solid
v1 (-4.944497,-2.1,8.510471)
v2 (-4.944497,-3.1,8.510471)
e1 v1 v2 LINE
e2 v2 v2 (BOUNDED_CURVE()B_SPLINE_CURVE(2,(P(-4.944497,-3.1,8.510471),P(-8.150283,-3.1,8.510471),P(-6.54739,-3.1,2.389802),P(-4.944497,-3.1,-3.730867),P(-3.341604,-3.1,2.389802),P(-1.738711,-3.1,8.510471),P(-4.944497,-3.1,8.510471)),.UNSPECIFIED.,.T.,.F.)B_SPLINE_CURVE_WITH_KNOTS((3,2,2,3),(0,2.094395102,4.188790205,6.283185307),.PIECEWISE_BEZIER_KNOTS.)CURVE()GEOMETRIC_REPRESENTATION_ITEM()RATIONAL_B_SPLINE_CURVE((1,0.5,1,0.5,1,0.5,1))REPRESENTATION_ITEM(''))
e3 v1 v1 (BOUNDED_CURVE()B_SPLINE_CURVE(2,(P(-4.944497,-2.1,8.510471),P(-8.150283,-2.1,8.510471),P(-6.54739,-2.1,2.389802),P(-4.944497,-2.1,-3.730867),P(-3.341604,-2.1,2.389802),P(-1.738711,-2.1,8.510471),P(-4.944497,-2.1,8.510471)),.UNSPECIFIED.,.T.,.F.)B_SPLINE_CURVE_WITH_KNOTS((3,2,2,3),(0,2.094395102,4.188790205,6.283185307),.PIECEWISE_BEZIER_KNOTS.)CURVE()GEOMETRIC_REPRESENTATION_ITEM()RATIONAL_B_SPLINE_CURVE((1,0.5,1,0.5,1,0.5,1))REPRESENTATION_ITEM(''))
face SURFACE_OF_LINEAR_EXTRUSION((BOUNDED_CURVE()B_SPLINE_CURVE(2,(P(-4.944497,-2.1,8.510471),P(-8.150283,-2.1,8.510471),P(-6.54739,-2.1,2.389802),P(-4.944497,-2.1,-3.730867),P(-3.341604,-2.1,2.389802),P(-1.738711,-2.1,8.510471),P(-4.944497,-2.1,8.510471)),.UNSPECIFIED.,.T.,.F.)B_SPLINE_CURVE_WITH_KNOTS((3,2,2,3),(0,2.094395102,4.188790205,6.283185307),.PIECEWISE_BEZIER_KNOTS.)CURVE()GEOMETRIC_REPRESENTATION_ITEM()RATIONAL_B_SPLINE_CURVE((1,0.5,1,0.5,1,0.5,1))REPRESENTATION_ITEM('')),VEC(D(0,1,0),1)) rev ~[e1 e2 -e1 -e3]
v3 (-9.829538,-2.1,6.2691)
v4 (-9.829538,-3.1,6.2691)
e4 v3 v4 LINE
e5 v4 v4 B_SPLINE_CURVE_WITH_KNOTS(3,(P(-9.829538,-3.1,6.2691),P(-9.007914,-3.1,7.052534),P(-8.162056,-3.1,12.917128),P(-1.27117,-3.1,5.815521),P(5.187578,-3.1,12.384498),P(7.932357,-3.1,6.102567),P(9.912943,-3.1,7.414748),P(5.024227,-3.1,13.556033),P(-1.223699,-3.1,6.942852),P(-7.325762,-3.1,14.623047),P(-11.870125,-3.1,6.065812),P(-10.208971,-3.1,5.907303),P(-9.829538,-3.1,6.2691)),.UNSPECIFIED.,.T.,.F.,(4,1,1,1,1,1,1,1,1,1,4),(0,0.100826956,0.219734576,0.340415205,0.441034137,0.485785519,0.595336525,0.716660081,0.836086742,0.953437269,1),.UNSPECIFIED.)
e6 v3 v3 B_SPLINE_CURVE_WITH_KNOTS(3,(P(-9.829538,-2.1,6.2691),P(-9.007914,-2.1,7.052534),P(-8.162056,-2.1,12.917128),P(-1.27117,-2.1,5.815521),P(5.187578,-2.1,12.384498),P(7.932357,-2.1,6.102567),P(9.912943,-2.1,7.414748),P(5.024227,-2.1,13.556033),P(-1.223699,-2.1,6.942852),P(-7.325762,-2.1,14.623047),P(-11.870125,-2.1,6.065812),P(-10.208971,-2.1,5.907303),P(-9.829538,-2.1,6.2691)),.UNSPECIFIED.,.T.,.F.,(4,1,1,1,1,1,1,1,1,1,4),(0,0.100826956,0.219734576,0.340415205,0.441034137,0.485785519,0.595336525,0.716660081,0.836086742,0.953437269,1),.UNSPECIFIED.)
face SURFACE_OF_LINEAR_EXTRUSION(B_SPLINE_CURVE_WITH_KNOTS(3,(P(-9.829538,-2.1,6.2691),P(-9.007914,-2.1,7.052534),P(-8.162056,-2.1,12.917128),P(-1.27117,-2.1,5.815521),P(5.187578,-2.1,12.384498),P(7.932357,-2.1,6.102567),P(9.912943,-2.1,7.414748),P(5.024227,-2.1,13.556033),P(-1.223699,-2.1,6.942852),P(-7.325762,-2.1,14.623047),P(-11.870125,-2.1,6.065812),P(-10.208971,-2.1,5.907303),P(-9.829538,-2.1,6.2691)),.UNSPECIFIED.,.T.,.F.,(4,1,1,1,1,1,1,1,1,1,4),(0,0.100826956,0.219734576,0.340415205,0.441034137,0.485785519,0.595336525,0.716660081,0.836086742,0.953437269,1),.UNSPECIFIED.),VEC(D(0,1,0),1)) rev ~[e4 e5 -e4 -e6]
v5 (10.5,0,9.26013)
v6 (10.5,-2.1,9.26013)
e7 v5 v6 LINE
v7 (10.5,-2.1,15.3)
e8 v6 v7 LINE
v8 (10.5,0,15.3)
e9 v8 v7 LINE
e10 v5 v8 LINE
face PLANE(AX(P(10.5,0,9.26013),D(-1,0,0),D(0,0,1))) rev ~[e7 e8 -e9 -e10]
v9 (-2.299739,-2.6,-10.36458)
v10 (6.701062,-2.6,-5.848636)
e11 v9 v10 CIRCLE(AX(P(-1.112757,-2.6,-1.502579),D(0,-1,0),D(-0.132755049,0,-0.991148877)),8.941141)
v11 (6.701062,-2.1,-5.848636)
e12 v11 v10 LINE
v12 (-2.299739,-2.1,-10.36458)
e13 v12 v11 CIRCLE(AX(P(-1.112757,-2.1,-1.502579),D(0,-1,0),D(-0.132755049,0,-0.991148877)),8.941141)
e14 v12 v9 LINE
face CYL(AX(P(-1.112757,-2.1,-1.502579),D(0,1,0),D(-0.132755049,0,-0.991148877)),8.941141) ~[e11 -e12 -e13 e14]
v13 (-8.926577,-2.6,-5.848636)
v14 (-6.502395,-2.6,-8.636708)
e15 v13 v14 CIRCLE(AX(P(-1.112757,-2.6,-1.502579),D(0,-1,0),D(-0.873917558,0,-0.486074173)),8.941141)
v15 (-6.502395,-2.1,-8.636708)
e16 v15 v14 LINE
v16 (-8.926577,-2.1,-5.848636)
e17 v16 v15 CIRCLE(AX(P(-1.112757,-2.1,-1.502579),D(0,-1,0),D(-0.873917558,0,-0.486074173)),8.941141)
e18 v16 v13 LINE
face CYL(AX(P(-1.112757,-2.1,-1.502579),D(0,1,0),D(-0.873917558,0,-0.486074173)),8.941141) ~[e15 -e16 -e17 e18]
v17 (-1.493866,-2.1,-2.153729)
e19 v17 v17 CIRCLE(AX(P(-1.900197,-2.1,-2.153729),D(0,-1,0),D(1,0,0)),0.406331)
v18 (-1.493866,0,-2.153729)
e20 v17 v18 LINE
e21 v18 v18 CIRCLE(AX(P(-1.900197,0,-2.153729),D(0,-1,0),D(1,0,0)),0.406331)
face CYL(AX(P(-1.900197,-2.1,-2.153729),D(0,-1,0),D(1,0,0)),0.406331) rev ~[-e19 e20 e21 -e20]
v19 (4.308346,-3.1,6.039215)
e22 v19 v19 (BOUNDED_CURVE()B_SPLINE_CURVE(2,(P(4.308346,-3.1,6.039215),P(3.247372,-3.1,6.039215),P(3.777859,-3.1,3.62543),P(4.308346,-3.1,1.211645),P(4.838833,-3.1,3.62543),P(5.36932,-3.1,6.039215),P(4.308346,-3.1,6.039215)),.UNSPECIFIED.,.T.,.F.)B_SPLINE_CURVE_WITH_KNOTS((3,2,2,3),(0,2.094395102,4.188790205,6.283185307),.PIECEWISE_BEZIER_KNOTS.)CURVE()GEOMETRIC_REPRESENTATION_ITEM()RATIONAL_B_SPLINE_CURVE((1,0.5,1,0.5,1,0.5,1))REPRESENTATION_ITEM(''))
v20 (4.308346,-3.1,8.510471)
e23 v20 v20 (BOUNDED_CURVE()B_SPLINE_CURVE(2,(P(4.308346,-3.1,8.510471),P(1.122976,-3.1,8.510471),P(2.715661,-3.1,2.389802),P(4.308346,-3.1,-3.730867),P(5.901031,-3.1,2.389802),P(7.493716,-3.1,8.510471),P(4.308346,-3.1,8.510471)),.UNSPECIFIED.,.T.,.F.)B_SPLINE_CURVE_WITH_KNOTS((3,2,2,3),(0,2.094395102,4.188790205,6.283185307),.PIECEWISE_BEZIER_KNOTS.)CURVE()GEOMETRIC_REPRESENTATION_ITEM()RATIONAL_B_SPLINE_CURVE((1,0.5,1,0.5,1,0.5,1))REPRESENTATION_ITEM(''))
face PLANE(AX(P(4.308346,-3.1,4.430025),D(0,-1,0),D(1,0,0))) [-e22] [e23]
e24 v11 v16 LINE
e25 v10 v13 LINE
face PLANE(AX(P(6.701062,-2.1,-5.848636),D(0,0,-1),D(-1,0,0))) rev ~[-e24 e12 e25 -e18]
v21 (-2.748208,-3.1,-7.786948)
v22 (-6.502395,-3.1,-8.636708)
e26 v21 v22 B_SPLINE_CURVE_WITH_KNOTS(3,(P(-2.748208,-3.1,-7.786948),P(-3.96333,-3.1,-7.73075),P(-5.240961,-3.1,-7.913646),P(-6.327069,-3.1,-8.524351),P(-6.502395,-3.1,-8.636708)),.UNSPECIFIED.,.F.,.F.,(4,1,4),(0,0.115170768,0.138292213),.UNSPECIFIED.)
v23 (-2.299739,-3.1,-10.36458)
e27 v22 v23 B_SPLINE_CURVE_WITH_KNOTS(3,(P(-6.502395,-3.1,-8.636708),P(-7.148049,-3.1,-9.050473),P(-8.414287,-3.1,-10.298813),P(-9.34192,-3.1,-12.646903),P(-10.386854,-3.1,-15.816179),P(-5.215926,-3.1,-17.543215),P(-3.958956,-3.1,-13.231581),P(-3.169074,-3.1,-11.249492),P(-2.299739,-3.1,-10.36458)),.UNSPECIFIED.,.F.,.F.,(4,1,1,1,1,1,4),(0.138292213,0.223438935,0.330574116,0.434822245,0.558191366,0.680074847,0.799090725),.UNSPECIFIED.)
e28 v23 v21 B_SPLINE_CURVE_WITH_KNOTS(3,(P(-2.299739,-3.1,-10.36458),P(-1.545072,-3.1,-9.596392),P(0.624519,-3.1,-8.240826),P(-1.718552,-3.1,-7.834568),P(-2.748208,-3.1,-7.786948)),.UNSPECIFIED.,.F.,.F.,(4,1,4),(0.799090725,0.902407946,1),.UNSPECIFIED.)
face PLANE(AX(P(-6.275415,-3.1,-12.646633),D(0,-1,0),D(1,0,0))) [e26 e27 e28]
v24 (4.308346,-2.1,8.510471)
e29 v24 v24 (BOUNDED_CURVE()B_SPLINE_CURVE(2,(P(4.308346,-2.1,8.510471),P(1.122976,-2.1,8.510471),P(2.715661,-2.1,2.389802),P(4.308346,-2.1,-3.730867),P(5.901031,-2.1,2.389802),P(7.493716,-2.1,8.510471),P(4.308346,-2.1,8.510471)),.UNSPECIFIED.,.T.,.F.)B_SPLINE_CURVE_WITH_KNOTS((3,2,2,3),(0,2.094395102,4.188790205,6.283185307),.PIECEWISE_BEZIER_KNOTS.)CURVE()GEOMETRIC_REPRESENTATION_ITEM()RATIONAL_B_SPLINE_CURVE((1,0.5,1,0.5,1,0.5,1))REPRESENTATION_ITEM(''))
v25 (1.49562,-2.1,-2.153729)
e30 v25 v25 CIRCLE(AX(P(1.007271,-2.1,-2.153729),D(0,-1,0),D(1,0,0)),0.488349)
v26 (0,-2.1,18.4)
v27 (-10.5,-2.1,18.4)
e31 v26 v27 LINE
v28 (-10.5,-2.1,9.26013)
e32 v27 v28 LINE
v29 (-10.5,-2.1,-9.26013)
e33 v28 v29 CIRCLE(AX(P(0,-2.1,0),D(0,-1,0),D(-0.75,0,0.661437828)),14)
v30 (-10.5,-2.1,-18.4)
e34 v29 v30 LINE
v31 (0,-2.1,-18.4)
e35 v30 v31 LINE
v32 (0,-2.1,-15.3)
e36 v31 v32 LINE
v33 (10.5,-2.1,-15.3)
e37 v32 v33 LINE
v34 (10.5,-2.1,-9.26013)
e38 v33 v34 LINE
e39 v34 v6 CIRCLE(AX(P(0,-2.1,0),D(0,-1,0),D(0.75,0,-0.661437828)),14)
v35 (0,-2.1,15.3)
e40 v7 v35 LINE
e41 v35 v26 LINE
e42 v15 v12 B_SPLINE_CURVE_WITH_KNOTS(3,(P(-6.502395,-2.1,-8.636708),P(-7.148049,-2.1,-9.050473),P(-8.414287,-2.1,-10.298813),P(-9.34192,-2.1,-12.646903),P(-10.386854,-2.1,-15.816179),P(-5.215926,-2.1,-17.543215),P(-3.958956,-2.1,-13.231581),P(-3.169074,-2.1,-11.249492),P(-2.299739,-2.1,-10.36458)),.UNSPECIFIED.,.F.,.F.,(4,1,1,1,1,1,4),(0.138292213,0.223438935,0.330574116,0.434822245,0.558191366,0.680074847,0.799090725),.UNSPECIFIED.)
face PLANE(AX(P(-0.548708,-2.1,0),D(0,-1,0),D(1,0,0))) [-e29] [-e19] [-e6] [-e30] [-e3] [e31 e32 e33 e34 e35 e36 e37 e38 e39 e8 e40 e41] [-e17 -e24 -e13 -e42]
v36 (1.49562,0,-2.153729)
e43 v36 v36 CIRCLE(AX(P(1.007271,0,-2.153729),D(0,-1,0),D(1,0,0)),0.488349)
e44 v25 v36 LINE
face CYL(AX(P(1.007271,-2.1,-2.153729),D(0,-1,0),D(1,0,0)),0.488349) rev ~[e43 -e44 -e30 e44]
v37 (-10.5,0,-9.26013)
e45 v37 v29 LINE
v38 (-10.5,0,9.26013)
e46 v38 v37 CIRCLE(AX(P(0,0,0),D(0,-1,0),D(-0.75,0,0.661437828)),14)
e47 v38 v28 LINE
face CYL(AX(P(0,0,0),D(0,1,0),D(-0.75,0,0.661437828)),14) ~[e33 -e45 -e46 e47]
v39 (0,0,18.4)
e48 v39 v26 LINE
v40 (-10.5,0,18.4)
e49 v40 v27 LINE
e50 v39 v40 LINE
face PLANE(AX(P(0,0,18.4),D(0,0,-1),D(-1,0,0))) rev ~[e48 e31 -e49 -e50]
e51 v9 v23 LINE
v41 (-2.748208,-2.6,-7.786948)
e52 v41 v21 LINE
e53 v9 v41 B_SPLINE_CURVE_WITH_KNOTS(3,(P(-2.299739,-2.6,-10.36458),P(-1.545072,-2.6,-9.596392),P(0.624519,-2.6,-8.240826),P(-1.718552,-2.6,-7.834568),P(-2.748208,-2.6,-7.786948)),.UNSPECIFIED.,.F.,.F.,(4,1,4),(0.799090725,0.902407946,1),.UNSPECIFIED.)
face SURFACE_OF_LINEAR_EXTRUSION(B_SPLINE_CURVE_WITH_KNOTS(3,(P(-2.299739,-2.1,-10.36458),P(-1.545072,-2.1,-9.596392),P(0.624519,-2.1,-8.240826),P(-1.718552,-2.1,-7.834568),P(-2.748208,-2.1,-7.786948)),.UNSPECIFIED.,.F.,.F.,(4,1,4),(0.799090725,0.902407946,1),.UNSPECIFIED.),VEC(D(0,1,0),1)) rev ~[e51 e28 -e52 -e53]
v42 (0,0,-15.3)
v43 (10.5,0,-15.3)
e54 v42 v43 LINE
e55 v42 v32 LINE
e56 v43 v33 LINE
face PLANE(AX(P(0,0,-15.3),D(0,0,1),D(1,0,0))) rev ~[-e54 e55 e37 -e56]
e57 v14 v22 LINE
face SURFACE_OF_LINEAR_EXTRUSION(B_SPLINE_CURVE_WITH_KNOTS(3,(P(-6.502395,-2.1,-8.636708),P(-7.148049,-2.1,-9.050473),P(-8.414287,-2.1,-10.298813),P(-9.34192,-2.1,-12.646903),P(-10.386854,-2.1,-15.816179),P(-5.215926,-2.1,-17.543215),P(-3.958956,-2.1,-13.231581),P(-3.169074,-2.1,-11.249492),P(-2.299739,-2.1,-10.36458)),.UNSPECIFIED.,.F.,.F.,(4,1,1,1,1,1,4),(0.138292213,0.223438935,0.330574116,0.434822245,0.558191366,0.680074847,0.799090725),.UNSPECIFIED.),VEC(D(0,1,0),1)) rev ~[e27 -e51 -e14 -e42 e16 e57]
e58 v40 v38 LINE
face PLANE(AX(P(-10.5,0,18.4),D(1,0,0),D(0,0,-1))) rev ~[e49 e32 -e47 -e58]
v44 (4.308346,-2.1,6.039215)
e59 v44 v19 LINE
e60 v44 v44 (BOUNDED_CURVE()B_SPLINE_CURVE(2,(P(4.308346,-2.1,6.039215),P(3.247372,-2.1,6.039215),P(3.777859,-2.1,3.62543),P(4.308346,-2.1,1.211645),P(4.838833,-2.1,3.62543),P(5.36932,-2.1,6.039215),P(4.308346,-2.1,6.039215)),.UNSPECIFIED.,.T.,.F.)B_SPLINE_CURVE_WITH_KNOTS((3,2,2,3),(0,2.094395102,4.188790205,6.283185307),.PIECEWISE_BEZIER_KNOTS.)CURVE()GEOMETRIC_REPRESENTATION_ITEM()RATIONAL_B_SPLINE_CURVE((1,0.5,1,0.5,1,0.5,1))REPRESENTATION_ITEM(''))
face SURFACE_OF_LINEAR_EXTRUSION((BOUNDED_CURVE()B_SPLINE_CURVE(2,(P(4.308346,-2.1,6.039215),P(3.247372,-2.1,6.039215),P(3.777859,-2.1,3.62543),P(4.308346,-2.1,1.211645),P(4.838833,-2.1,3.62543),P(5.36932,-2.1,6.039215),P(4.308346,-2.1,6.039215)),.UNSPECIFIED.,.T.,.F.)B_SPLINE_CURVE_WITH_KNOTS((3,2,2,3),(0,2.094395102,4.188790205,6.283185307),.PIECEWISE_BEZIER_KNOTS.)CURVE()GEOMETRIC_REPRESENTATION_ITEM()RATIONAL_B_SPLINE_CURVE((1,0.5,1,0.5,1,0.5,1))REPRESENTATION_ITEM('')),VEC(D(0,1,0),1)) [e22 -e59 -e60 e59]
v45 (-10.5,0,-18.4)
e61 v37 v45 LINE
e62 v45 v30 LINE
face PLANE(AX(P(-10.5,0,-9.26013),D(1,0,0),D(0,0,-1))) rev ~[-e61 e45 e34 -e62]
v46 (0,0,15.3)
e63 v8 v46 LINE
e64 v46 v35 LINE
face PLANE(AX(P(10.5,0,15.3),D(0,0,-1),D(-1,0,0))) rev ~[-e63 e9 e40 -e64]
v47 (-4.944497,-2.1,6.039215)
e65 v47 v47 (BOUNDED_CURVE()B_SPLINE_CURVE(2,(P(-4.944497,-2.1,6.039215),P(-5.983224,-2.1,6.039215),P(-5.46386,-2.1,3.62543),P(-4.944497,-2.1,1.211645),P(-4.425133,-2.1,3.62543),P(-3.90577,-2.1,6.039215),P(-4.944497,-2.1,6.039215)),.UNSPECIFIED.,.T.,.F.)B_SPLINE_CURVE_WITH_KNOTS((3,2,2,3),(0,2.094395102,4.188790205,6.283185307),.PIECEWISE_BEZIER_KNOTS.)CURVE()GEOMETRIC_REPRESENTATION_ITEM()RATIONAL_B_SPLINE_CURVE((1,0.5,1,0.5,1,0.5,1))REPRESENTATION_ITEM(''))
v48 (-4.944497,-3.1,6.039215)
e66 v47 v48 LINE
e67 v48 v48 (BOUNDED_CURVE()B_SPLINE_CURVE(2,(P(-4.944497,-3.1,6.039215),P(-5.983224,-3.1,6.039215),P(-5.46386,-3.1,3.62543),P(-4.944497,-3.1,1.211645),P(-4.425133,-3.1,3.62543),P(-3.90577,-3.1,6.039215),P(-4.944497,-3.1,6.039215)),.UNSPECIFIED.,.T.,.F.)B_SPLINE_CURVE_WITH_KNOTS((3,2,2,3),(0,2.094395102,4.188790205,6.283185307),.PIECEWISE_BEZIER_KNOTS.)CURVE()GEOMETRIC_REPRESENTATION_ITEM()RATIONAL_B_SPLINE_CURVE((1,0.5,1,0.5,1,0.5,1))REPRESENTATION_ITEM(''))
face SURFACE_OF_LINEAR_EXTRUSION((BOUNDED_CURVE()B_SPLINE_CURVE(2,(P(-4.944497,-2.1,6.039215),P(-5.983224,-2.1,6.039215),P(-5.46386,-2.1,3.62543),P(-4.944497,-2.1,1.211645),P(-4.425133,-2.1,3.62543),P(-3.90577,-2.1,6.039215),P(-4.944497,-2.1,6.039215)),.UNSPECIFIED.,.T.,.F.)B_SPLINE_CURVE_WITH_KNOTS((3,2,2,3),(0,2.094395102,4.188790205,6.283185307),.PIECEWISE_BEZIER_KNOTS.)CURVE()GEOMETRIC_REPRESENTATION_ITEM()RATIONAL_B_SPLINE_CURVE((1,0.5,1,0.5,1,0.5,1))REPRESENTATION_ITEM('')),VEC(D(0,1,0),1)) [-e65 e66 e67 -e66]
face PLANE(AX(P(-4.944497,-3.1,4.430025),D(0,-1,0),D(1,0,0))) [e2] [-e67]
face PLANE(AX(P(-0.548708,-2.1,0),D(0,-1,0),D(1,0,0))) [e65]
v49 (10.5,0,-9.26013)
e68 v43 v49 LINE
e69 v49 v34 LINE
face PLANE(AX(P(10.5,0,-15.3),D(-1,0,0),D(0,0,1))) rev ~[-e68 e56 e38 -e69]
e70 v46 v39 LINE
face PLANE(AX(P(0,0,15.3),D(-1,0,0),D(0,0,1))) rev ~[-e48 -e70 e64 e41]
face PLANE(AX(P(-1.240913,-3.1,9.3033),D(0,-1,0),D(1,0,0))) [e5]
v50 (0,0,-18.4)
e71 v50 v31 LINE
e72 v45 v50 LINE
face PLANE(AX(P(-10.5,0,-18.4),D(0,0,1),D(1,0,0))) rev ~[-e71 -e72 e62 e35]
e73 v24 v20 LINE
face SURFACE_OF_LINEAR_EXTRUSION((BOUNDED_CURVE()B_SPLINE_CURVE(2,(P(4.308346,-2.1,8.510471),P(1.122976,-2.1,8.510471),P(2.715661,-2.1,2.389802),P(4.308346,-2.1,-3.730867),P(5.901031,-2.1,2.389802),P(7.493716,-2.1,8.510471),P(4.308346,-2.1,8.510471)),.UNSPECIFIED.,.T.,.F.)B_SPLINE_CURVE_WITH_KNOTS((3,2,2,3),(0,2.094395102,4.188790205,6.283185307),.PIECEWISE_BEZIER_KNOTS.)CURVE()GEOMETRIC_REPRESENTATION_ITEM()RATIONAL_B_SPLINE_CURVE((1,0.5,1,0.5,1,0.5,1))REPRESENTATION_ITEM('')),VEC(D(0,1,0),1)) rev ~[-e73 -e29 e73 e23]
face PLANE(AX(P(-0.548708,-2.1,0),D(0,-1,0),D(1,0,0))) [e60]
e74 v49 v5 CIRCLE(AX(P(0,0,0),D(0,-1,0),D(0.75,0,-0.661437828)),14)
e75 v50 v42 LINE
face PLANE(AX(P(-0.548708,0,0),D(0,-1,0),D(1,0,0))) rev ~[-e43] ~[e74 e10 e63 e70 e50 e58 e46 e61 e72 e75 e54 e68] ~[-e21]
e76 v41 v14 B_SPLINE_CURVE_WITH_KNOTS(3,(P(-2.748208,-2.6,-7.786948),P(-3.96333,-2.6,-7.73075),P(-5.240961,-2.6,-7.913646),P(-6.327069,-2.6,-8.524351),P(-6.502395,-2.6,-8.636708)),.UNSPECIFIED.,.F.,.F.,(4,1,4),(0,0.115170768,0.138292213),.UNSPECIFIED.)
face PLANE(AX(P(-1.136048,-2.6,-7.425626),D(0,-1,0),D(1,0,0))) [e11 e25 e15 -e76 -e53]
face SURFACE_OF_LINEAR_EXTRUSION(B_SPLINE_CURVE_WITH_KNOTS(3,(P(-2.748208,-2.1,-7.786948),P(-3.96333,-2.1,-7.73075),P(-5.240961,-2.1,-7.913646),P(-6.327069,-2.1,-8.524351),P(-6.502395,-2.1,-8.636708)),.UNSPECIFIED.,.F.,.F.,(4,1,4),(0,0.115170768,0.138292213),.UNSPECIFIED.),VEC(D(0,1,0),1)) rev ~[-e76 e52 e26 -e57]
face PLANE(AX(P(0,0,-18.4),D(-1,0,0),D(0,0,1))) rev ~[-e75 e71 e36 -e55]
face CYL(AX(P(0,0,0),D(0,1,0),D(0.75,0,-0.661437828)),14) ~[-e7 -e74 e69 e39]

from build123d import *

# Parameters (mm, degrees)
F1_DEPTH = 2.1
F2_R     = 0.4883492614
F2_R_2   = 0.4063313189
F3_DEPTH = 25
F4_DEPTH = 1
F5_DEPTH = 0.5


with BuildPart() as f1:
    # F0 (on Front) → F1 (new body)
    with BuildSketch(Plane.XZ):
        with BuildLine():
            Line((-10.5, 18.4), (-10.5, 9.2601295887))
            ThreePointArc((-10.5, 9.2601295887), (-14, 0), (-10.5, -9.2601295887))
            Line((-10.5, -9.2601295887), (-10.5, -18.4))
            Line((-10.5, -18.4), (0, -18.4))
            Line((0, -18.4), (0, -15.3))
            Line((0, -15.3), (10.5, -15.3))
            Line((10.5, -15.3), (10.5, -9.2601295887))
            ThreePointArc((10.5, -9.2601295887), (14, 0), (10.5, 9.2601295887))
            Line((10.5, 9.2601295887), (10.5, 15.3))
            Line((10.5, 15.3), (0, 15.3))
            Line((0, 15.3), (0, 18.4))
            Line((0, 18.4), (-10.5, 18.4))
        make_face()
    extrude(amount=F1_DEPTH)

    # F2 (on face) → F3 (cut)
    with BuildSketch(Plane.XZ.offset(2.1)):
        with Locations((1.0072712321, -2.1537290886)):
            Circle(F2_R)
        with Locations((-1.9001974724, -2.1537290886)):
            Circle(F2_R_2)
    extrude(amount=-F3_DEPTH, mode=Mode.SUBTRACT)

    # F2 (on face) → F4 (join)
    with BuildSketch(Plane.XZ.offset(2.1)):
        with BuildLine():
            add(Edge.make_bspline(
                [(-9.829537943, 6.2690996565), (-9.0079139859, 7.0525339928), (-8.1620555875, 12.9171276073), (-1.2711703194, 5.8155205927), (5.1875775916, 12.3844979266), (7.9323570828, 6.1025672426), (9.9129431471, 7.414748035), (5.0242272403, 13.5560333346), (-1.2236991987, 6.9428523769), (-7.3257615774, 14.6230472142), (-11.8701250151, 6.0658118979), (-10.2089707518, 5.9073031337), (-9.829537943, 6.2690996565)],
                knots=[0, 0, 0, 0, 0.1008269557, 0.2197345761, 0.3404152051, 0.4410341374, 0.4857855194, 0.595336525, 0.7166600814, 0.8360867423, 0.9534372693, 1, 1, 1, 1], degree=3))
        make_face()
        with BuildLine():
            add(Edge.make_bspline(
                [(-4.9444967881, 8.510470856), (-8.1502829181, 8.510470856), (-6.5473898531, 2.389801899), (-4.9444967881, -3.730867058), (-3.3416037231, 2.389801899), (-1.738710658, 8.510470856), (-4.9444967881, 8.510470856)],
                knots=[0, 0, 0, 2.0943951024, 2.0943951024, 4.1887902048, 4.1887902048, 6.2831853072, 6.2831853072, 6.2831853072], degree=2, weights=[1, 0.5, 1, 0.5, 1, 0.5, 1]))
        make_face()
        with BuildLine():
            add(Edge.make_bspline(
                [(-4.9444967881, 6.0392147861), (-5.9832237951, 6.0392147861), (-5.4638602916, 3.6254299339), (-4.9444967881, 1.2116450816), (-4.4251332846, 3.6254299339), (-3.905769781, 6.0392147861), (-4.9444967881, 6.0392147861)],
                knots=[0, 0, 0, 2.0943951024, 2.0943951024, 4.1887902048, 4.1887902048, 6.2831853072, 6.2831853072, 6.2831853072], degree=2, weights=[1, 0.5, 1, 0.5, 1, 0.5, 1]))
        make_face(mode=Mode.SUBTRACT)
        with BuildLine():
            add(Edge.make_bspline(
                [(4.3083457276, 8.510470856), (1.1229755904, 8.510470856), (2.715660659, 2.389801899), (4.3083457276, -3.730867058), (5.9010307962, 2.389801899), (7.4937158648, 8.510470856), (4.3083457276, 8.510470856)],
                knots=[0, 0, 0, 2.0943951024, 2.0943951024, 4.1887902048, 4.1887902048, 6.2831853072, 6.2831853072, 6.2831853072], degree=2, weights=[1, 0.5, 1, 0.5, 1, 0.5, 1]))
        make_face()
        with BuildLine():
            add(Edge.make_bspline(
                [(4.3083457276, 6.0392147861), (3.2473717912, 6.0392147861), (3.7778587594, 3.6254299339), (4.3083457276, 1.2116450816), (4.8388326959, 3.6254299339), (5.3693196641, 6.0392147861), (4.3083457276, 6.0392147861)],
                knots=[0, 0, 0, 2.0943951024, 2.0943951024, 4.1887902048, 4.1887902048, 6.2831853072, 6.2831853072, 6.2831853072], degree=2, weights=[1, 0.5, 1, 0.5, 1, 0.5, 1]))
        make_face(mode=Mode.SUBTRACT)
        with BuildLine():
            ThreePointArc((-2.2997387979, -10.3645802836), (-4.5126640568, -9.7720787293), (-6.5023950834, -8.6367079814))
            add(Edge.make_bspline(
                [(-6.5023950834, -8.6367079814), (-7.1480490746, -9.0504727619), (-8.4142867998, -10.2988132014), (-9.3419195713, -12.6469034495), (-10.3868535035, -15.8161790247), (-5.2159255621, -17.543214943), (-3.9589557876, -13.2315806377), (-3.1690739286, -11.2494915586), (-2.2997387979, -10.3645802836)],
                knots=[0.1382922128, 0.1382922128, 0.1382922128, 0.1382922128, 0.223438935, 0.3305741163, 0.4348222448, 0.5581913657, 0.680074847, 0.7990907251, 0.7990907251, 0.7990907251, 0.7990907251], degree=3))
        make_face()
        with BuildLine():
            add(Edge.make_bspline(
                [(-2.7482081205, -7.7869482338), (-3.9633299887, -7.7307504346), (-5.2409611912, -7.913646006), (-6.3270688618, -8.5243508727), (-6.5023950834, -8.6367079814)],
                knots=[0, 0, 0, 0, 0.115170768, 0.1382922128, 0.1382922128, 0.1382922128, 0.1382922128], degree=3))
            ThreePointArc((-6.5023950834, -8.6367079814), (-4.5126640568, -9.7720787293), (-2.2997387979, -10.3645802836))
            add(Edge.make_bspline(
                [(-2.2997387979, -10.3645802836), (-1.5450723543, -9.5963922499), (0.6245191873, -8.2408264477), (-1.7185524071, -7.8345684656), (-2.7482081205, -7.7869482338)],
                knots=[0.7990907251, 0.7990907251, 0.7990907251, 0.7990907251, 0.9024079457, 1, 1, 1, 1], degree=3))
        make_face()
    extrude(amount=F4_DEPTH)

    # F2 (on face) → F5 (join)
    with BuildSketch(Plane.XZ.offset(2.1)):
        with BuildLine():
            Line((6.7010624334, -5.8486363851), (-8.9265769348, -5.8486363851))
            ThreePointArc((-8.9265769348, -5.8486363851), (-7.8600647438, -7.3692504701), (-6.5023950834, -8.6367079814))
            add(Edge.make_bspline(
                [(-2.7482081205, -7.7869482338), (-3.9633299887, -7.7307504346), (-5.2409611912, -7.913646006), (-6.3270688618, -8.5243508727), (-6.5023950834, -8.6367079814)],
                knots=[0, 0, 0, 0, 0.115170768, 0.1382922128, 0.1382922128, 0.1382922128, 0.1382922128], degree=3))
            add(Edge.make_bspline(
                [(-2.2997387979, -10.3645802836), (-1.5450723543, -9.5963922499), (0.6245191873, -8.2408264477), (-1.7185524071, -7.8345684656), (-2.7482081205, -7.7869482338)],
                knots=[0.7990907251, 0.7990907251, 0.7990907251, 0.7990907251, 0.9024079457, 1, 1, 1, 1], degree=3))
            ThreePointArc((-2.2997387979, -10.3645802836), (2.8968790479, -9.494250219), (6.7010624334, -5.8486363851))
        make_face()
    extrude(amount=F5_DEPTH)


solid = f1.part
